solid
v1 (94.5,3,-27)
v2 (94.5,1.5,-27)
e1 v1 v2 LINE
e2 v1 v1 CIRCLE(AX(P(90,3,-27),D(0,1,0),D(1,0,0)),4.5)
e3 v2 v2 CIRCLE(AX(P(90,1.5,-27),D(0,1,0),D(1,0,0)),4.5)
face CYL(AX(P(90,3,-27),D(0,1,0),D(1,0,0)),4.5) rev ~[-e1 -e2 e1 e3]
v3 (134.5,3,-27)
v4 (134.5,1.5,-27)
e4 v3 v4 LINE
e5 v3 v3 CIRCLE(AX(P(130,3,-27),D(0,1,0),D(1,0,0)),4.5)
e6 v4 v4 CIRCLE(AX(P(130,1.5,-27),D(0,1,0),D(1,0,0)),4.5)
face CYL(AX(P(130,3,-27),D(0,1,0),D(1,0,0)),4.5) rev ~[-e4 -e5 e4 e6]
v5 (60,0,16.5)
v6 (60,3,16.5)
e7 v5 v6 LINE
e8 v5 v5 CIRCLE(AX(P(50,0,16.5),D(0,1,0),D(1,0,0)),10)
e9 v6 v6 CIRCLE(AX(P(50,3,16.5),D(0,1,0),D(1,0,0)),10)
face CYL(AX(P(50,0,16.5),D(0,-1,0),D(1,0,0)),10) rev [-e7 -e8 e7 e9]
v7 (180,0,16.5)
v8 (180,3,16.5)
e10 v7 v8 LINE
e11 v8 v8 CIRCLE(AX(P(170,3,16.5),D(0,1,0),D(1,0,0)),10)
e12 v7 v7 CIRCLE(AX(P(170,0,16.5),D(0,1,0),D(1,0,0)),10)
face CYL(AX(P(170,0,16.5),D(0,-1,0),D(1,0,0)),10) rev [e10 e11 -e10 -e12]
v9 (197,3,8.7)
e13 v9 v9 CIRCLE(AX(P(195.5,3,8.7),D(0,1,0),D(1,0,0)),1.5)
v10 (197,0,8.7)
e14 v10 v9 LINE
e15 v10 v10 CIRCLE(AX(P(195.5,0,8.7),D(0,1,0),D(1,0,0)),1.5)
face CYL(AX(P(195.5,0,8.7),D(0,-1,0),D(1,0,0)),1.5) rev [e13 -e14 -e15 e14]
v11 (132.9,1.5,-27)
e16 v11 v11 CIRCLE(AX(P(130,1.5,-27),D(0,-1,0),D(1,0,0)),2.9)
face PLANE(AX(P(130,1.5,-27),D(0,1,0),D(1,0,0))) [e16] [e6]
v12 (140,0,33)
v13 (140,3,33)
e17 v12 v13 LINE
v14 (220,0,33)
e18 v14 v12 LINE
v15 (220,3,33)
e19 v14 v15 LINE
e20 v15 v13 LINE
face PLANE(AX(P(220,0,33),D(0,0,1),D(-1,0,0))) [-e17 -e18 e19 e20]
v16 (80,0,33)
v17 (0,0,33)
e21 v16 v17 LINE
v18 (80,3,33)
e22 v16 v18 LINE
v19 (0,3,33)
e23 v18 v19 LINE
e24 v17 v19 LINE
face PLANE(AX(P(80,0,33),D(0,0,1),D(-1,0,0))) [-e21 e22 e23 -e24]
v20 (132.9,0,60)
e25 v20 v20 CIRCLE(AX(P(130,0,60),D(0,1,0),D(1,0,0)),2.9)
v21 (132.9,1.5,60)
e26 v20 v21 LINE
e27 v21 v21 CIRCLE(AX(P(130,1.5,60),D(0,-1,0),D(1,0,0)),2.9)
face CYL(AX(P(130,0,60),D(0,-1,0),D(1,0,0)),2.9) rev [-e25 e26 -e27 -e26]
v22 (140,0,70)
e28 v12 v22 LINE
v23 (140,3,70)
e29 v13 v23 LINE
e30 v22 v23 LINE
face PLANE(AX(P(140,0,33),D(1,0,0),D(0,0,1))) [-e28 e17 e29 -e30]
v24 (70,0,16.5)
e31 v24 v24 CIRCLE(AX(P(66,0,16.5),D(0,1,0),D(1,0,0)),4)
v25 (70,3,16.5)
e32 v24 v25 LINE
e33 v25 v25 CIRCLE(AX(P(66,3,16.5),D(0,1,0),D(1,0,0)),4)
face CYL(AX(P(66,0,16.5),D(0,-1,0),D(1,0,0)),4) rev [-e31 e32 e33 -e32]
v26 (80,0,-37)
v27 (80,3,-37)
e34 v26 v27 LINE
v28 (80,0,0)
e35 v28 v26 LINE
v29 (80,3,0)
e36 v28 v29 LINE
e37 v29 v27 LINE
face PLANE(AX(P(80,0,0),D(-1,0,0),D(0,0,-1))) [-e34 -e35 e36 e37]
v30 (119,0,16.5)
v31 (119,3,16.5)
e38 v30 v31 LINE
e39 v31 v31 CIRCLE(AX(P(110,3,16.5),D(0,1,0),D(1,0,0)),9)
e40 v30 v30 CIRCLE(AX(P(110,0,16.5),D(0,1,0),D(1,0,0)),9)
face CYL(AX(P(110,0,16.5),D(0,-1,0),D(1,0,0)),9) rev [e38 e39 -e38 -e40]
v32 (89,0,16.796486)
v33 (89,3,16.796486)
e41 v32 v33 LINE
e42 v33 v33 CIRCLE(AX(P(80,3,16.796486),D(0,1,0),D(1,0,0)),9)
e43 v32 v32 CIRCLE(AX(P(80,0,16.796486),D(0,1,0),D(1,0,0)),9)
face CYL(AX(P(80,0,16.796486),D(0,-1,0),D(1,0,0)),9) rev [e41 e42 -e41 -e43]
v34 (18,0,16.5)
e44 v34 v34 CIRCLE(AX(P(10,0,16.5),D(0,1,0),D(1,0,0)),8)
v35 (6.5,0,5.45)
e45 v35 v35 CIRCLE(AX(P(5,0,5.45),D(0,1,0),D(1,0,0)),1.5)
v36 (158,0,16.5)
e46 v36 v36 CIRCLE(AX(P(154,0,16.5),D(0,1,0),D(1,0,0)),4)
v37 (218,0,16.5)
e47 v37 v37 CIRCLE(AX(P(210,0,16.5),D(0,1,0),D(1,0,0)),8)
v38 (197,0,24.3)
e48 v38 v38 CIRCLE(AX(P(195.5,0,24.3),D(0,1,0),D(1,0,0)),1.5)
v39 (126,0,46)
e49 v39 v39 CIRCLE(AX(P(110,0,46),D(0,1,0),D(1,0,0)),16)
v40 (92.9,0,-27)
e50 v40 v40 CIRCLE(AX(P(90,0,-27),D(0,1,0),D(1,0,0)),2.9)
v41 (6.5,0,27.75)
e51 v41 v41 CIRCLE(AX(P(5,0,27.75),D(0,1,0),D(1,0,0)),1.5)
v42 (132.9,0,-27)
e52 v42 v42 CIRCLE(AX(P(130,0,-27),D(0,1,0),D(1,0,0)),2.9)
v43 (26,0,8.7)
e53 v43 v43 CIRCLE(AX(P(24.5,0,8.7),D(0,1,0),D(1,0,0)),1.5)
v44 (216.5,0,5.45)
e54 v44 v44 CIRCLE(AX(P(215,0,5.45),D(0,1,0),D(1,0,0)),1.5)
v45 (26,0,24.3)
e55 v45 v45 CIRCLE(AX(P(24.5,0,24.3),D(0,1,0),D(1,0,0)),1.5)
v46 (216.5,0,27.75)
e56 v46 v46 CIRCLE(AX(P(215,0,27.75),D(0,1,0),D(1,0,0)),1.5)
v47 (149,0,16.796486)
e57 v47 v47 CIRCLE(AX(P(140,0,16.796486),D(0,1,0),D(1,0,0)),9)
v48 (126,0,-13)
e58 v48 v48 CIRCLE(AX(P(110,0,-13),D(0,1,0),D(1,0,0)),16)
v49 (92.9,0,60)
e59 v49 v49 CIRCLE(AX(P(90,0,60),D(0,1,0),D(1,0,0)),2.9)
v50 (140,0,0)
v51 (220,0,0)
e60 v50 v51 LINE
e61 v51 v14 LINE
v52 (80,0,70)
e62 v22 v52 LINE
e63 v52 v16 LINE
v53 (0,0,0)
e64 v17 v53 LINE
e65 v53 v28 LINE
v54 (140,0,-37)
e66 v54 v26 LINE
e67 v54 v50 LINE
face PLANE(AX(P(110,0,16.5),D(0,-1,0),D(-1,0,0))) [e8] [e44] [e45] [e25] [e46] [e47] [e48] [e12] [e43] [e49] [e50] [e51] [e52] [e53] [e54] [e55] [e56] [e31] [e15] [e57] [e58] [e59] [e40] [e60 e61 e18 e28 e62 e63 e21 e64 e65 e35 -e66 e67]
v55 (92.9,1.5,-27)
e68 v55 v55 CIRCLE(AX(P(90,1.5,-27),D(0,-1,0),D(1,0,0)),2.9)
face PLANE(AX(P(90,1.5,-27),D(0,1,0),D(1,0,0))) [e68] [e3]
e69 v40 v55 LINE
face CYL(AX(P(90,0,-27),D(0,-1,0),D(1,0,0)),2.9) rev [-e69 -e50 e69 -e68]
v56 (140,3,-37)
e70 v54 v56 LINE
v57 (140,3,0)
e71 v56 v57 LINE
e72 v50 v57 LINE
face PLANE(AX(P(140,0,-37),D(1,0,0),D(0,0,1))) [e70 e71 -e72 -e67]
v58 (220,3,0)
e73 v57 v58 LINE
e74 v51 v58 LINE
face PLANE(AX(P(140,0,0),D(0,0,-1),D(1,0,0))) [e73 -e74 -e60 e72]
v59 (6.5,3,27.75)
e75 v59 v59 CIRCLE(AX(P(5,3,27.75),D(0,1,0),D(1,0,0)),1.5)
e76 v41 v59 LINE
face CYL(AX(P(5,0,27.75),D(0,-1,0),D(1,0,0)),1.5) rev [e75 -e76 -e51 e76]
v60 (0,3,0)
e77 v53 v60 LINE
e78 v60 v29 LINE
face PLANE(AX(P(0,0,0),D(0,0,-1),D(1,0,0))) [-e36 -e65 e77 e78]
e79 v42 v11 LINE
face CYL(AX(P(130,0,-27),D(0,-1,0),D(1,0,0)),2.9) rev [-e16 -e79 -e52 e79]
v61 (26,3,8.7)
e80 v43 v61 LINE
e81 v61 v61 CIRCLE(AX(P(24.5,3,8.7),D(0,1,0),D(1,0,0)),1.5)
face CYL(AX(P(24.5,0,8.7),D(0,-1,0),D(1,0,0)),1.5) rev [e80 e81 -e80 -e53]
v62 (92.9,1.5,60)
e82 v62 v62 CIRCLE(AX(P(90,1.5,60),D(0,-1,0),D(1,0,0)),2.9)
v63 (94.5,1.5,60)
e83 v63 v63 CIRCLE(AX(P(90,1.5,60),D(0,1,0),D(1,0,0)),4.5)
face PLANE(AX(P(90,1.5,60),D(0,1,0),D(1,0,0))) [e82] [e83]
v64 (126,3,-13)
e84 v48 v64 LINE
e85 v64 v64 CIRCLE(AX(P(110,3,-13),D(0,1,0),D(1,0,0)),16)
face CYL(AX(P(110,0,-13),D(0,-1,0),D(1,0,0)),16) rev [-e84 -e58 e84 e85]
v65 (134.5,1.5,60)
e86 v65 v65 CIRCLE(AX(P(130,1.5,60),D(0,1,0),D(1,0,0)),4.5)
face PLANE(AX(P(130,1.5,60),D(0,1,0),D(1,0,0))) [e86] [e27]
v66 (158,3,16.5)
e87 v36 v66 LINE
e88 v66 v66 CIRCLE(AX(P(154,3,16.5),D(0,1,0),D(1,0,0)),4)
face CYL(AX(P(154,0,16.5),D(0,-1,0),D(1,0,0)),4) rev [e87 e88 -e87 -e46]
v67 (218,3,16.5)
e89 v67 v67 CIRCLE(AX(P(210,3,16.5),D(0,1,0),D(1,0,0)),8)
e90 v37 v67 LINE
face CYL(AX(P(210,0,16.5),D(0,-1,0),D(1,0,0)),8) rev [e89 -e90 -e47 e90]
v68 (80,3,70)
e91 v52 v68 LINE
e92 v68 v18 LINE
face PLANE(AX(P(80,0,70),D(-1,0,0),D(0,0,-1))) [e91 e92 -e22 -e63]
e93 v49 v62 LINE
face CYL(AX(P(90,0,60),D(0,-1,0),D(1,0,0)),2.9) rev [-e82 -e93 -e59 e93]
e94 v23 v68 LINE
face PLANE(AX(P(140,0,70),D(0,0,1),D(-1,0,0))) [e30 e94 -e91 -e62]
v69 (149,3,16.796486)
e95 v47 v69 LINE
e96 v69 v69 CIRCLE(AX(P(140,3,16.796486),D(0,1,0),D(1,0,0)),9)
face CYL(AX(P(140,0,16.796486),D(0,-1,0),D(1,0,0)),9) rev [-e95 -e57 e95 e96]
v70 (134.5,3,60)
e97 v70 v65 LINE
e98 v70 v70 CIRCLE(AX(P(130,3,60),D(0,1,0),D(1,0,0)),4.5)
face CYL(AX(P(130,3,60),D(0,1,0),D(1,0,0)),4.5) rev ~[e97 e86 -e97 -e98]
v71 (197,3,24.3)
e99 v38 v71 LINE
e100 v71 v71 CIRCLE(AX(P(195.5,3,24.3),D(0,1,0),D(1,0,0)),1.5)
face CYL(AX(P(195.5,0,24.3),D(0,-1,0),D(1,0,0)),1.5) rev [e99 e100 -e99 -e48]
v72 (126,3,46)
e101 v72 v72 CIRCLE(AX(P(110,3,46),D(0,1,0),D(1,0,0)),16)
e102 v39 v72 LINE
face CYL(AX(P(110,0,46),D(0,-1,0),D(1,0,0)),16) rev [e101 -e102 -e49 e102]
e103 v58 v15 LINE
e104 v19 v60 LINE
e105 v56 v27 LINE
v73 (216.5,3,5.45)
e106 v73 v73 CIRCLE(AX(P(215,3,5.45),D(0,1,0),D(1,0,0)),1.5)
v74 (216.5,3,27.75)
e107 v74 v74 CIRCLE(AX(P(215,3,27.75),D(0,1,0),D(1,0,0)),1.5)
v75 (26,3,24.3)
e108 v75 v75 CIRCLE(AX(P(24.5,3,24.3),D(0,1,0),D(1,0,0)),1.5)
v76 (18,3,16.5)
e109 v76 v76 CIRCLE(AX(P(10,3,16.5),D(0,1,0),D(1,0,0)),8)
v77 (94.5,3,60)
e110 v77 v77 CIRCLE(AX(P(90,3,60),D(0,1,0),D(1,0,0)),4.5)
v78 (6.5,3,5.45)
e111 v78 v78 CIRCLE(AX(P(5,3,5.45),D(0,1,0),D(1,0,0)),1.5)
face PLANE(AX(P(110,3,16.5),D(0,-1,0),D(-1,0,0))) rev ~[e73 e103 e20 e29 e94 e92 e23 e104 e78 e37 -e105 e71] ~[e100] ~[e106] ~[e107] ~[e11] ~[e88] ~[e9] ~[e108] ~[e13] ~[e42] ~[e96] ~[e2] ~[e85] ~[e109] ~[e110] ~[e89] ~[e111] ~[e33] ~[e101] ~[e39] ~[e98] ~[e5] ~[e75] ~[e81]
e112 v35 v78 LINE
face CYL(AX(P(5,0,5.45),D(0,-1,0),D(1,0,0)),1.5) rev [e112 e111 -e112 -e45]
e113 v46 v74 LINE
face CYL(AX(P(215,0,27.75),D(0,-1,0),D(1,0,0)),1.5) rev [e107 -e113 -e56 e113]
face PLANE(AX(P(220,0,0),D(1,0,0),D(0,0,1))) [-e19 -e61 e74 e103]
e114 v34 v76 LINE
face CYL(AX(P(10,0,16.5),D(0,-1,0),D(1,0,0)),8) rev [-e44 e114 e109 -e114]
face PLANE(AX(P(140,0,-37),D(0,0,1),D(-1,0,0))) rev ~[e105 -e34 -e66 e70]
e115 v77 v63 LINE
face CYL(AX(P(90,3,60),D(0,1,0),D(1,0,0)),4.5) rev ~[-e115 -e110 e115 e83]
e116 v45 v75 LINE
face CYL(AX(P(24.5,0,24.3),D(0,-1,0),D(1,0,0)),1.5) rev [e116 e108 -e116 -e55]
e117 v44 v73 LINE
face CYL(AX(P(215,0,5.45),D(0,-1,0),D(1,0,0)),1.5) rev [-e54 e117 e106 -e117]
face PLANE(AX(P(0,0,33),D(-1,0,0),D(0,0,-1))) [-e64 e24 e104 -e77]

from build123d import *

# Parameters (mm, degrees)
SKETCH_1_R          = 1.5
SKETCH_1_R_2        = 9
SKETCH_1_R_3        = 8
SKETCH_1_R_4        = 10
SKETCH_1_R_5        = 2.9
SKETCH_1_R_6        = 16
SKETCH_1_R_7        = 4
EXTRUDE_1_DEPTH     = 3
SKETCH_2_R          = 4.5
CUT_EXTRUDE_1_DEPTH = 1.5


with BuildPart() as part:
    # 草图1 → 凸台-拉伸1 (new body)
    with BuildSketch(Plane(origin=(0, 0, 0), x_dir=(1, 0, 0), z_dir=(0, 1, 0))):
        Polygon((0, 0), (80, 0), (80, 37), (110, 37), (140, 37), (140, 0), (220, 0), (220, -33), (140, -33), (140, -70), (80, -70), (80, -33), (0, -33), align=None)
        with Locations((5, -27.75)):
            Circle(SKETCH_1_R, mode=Mode.SUBTRACT)
        with Locations((5, -5.45)):
            Circle(SKETCH_1_R, mode=Mode.SUBTRACT)
        with Locations((24.5, -8.7)):
            Circle(SKETCH_1_R, mode=Mode.SUBTRACT)
        with Locations((24.5, -24.3)):
            Circle(SKETCH_1_R, mode=Mode.SUBTRACT)
        with Locations((195.5, -8.7)):
            Circle(SKETCH_1_R, mode=Mode.SUBTRACT)
        with Locations((195.5, -24.3)):
            Circle(SKETCH_1_R, mode=Mode.SUBTRACT)
        with Locations((215, -27.75)):
            Circle(SKETCH_1_R, mode=Mode.SUBTRACT)
        with Locations((215, -5.45)):
            Circle(SKETCH_1_R, mode=Mode.SUBTRACT)
        with Locations((110, -16.5)):
            Circle(SKETCH_1_R_2, mode=Mode.SUBTRACT)
        with Locations((140, -16.796485685)):
            Circle(SKETCH_1_R_2, mode=Mode.SUBTRACT)
        with Locations((10, -16.5)):
            Circle(SKETCH_1_R_3, mode=Mode.SUBTRACT)
        with Locations((210, -16.5)):
            Circle(SKETCH_1_R_3, mode=Mode.SUBTRACT)
        with Locations((170, -16.5)):
            Circle(SKETCH_1_R_4, mode=Mode.SUBTRACT)
        with Locations((80, -16.796485685)):
            Circle(SKETCH_1_R_2, mode=Mode.SUBTRACT)
        with Locations((50, -16.5)):
            Circle(SKETCH_1_R_4, mode=Mode.SUBTRACT)
        with Locations((130, 27)):
            Circle(SKETCH_1_R_5, mode=Mode.SUBTRACT)
        with Locations((90, 27)):
            Circle(SKETCH_1_R_5, mode=Mode.SUBTRACT)
        with Locations((130, -60)):
            Circle(SKETCH_1_R_5, mode=Mode.SUBTRACT)
        with Locations((90, -60)):
            Circle(SKETCH_1_R_5, mode=Mode.SUBTRACT)
        with Locations((110, 13)):
            Circle(SKETCH_1_R_6, mode=Mode.SUBTRACT)
        with Locations((110, -46)):
            Circle(SKETCH_1_R_6, mode=Mode.SUBTRACT)
        with Locations((66, -16.5)):
            Circle(SKETCH_1_R_7, mode=Mode.SUBTRACT)
        with Locations((154, -16.5)):
            Circle(SKETCH_1_R_7, mode=Mode.SUBTRACT)
    extrude(amount=EXTRUDE_1_DEPTH)

    # 草图2 → 切除-拉伸1 (cut)
    with BuildSketch(Plane(origin=(0, 3, 0), x_dir=(1, 0, 0), z_dir=(0, 1, 0))):
        with Locations((90, 27)):
            Circle(SKETCH_2_R)
        with Locations((130, 27)):
            Circle(SKETCH_2_R)
        with Locations((90, -60)):
            Circle(SKETCH_2_R)
        with Locations((130, -60)):
            Circle(SKETCH_2_R)
    extrude(amount=-CUT_EXTRUDE_1_DEPTH, mode=Mode.SUBTRACT)


solid = part.part
